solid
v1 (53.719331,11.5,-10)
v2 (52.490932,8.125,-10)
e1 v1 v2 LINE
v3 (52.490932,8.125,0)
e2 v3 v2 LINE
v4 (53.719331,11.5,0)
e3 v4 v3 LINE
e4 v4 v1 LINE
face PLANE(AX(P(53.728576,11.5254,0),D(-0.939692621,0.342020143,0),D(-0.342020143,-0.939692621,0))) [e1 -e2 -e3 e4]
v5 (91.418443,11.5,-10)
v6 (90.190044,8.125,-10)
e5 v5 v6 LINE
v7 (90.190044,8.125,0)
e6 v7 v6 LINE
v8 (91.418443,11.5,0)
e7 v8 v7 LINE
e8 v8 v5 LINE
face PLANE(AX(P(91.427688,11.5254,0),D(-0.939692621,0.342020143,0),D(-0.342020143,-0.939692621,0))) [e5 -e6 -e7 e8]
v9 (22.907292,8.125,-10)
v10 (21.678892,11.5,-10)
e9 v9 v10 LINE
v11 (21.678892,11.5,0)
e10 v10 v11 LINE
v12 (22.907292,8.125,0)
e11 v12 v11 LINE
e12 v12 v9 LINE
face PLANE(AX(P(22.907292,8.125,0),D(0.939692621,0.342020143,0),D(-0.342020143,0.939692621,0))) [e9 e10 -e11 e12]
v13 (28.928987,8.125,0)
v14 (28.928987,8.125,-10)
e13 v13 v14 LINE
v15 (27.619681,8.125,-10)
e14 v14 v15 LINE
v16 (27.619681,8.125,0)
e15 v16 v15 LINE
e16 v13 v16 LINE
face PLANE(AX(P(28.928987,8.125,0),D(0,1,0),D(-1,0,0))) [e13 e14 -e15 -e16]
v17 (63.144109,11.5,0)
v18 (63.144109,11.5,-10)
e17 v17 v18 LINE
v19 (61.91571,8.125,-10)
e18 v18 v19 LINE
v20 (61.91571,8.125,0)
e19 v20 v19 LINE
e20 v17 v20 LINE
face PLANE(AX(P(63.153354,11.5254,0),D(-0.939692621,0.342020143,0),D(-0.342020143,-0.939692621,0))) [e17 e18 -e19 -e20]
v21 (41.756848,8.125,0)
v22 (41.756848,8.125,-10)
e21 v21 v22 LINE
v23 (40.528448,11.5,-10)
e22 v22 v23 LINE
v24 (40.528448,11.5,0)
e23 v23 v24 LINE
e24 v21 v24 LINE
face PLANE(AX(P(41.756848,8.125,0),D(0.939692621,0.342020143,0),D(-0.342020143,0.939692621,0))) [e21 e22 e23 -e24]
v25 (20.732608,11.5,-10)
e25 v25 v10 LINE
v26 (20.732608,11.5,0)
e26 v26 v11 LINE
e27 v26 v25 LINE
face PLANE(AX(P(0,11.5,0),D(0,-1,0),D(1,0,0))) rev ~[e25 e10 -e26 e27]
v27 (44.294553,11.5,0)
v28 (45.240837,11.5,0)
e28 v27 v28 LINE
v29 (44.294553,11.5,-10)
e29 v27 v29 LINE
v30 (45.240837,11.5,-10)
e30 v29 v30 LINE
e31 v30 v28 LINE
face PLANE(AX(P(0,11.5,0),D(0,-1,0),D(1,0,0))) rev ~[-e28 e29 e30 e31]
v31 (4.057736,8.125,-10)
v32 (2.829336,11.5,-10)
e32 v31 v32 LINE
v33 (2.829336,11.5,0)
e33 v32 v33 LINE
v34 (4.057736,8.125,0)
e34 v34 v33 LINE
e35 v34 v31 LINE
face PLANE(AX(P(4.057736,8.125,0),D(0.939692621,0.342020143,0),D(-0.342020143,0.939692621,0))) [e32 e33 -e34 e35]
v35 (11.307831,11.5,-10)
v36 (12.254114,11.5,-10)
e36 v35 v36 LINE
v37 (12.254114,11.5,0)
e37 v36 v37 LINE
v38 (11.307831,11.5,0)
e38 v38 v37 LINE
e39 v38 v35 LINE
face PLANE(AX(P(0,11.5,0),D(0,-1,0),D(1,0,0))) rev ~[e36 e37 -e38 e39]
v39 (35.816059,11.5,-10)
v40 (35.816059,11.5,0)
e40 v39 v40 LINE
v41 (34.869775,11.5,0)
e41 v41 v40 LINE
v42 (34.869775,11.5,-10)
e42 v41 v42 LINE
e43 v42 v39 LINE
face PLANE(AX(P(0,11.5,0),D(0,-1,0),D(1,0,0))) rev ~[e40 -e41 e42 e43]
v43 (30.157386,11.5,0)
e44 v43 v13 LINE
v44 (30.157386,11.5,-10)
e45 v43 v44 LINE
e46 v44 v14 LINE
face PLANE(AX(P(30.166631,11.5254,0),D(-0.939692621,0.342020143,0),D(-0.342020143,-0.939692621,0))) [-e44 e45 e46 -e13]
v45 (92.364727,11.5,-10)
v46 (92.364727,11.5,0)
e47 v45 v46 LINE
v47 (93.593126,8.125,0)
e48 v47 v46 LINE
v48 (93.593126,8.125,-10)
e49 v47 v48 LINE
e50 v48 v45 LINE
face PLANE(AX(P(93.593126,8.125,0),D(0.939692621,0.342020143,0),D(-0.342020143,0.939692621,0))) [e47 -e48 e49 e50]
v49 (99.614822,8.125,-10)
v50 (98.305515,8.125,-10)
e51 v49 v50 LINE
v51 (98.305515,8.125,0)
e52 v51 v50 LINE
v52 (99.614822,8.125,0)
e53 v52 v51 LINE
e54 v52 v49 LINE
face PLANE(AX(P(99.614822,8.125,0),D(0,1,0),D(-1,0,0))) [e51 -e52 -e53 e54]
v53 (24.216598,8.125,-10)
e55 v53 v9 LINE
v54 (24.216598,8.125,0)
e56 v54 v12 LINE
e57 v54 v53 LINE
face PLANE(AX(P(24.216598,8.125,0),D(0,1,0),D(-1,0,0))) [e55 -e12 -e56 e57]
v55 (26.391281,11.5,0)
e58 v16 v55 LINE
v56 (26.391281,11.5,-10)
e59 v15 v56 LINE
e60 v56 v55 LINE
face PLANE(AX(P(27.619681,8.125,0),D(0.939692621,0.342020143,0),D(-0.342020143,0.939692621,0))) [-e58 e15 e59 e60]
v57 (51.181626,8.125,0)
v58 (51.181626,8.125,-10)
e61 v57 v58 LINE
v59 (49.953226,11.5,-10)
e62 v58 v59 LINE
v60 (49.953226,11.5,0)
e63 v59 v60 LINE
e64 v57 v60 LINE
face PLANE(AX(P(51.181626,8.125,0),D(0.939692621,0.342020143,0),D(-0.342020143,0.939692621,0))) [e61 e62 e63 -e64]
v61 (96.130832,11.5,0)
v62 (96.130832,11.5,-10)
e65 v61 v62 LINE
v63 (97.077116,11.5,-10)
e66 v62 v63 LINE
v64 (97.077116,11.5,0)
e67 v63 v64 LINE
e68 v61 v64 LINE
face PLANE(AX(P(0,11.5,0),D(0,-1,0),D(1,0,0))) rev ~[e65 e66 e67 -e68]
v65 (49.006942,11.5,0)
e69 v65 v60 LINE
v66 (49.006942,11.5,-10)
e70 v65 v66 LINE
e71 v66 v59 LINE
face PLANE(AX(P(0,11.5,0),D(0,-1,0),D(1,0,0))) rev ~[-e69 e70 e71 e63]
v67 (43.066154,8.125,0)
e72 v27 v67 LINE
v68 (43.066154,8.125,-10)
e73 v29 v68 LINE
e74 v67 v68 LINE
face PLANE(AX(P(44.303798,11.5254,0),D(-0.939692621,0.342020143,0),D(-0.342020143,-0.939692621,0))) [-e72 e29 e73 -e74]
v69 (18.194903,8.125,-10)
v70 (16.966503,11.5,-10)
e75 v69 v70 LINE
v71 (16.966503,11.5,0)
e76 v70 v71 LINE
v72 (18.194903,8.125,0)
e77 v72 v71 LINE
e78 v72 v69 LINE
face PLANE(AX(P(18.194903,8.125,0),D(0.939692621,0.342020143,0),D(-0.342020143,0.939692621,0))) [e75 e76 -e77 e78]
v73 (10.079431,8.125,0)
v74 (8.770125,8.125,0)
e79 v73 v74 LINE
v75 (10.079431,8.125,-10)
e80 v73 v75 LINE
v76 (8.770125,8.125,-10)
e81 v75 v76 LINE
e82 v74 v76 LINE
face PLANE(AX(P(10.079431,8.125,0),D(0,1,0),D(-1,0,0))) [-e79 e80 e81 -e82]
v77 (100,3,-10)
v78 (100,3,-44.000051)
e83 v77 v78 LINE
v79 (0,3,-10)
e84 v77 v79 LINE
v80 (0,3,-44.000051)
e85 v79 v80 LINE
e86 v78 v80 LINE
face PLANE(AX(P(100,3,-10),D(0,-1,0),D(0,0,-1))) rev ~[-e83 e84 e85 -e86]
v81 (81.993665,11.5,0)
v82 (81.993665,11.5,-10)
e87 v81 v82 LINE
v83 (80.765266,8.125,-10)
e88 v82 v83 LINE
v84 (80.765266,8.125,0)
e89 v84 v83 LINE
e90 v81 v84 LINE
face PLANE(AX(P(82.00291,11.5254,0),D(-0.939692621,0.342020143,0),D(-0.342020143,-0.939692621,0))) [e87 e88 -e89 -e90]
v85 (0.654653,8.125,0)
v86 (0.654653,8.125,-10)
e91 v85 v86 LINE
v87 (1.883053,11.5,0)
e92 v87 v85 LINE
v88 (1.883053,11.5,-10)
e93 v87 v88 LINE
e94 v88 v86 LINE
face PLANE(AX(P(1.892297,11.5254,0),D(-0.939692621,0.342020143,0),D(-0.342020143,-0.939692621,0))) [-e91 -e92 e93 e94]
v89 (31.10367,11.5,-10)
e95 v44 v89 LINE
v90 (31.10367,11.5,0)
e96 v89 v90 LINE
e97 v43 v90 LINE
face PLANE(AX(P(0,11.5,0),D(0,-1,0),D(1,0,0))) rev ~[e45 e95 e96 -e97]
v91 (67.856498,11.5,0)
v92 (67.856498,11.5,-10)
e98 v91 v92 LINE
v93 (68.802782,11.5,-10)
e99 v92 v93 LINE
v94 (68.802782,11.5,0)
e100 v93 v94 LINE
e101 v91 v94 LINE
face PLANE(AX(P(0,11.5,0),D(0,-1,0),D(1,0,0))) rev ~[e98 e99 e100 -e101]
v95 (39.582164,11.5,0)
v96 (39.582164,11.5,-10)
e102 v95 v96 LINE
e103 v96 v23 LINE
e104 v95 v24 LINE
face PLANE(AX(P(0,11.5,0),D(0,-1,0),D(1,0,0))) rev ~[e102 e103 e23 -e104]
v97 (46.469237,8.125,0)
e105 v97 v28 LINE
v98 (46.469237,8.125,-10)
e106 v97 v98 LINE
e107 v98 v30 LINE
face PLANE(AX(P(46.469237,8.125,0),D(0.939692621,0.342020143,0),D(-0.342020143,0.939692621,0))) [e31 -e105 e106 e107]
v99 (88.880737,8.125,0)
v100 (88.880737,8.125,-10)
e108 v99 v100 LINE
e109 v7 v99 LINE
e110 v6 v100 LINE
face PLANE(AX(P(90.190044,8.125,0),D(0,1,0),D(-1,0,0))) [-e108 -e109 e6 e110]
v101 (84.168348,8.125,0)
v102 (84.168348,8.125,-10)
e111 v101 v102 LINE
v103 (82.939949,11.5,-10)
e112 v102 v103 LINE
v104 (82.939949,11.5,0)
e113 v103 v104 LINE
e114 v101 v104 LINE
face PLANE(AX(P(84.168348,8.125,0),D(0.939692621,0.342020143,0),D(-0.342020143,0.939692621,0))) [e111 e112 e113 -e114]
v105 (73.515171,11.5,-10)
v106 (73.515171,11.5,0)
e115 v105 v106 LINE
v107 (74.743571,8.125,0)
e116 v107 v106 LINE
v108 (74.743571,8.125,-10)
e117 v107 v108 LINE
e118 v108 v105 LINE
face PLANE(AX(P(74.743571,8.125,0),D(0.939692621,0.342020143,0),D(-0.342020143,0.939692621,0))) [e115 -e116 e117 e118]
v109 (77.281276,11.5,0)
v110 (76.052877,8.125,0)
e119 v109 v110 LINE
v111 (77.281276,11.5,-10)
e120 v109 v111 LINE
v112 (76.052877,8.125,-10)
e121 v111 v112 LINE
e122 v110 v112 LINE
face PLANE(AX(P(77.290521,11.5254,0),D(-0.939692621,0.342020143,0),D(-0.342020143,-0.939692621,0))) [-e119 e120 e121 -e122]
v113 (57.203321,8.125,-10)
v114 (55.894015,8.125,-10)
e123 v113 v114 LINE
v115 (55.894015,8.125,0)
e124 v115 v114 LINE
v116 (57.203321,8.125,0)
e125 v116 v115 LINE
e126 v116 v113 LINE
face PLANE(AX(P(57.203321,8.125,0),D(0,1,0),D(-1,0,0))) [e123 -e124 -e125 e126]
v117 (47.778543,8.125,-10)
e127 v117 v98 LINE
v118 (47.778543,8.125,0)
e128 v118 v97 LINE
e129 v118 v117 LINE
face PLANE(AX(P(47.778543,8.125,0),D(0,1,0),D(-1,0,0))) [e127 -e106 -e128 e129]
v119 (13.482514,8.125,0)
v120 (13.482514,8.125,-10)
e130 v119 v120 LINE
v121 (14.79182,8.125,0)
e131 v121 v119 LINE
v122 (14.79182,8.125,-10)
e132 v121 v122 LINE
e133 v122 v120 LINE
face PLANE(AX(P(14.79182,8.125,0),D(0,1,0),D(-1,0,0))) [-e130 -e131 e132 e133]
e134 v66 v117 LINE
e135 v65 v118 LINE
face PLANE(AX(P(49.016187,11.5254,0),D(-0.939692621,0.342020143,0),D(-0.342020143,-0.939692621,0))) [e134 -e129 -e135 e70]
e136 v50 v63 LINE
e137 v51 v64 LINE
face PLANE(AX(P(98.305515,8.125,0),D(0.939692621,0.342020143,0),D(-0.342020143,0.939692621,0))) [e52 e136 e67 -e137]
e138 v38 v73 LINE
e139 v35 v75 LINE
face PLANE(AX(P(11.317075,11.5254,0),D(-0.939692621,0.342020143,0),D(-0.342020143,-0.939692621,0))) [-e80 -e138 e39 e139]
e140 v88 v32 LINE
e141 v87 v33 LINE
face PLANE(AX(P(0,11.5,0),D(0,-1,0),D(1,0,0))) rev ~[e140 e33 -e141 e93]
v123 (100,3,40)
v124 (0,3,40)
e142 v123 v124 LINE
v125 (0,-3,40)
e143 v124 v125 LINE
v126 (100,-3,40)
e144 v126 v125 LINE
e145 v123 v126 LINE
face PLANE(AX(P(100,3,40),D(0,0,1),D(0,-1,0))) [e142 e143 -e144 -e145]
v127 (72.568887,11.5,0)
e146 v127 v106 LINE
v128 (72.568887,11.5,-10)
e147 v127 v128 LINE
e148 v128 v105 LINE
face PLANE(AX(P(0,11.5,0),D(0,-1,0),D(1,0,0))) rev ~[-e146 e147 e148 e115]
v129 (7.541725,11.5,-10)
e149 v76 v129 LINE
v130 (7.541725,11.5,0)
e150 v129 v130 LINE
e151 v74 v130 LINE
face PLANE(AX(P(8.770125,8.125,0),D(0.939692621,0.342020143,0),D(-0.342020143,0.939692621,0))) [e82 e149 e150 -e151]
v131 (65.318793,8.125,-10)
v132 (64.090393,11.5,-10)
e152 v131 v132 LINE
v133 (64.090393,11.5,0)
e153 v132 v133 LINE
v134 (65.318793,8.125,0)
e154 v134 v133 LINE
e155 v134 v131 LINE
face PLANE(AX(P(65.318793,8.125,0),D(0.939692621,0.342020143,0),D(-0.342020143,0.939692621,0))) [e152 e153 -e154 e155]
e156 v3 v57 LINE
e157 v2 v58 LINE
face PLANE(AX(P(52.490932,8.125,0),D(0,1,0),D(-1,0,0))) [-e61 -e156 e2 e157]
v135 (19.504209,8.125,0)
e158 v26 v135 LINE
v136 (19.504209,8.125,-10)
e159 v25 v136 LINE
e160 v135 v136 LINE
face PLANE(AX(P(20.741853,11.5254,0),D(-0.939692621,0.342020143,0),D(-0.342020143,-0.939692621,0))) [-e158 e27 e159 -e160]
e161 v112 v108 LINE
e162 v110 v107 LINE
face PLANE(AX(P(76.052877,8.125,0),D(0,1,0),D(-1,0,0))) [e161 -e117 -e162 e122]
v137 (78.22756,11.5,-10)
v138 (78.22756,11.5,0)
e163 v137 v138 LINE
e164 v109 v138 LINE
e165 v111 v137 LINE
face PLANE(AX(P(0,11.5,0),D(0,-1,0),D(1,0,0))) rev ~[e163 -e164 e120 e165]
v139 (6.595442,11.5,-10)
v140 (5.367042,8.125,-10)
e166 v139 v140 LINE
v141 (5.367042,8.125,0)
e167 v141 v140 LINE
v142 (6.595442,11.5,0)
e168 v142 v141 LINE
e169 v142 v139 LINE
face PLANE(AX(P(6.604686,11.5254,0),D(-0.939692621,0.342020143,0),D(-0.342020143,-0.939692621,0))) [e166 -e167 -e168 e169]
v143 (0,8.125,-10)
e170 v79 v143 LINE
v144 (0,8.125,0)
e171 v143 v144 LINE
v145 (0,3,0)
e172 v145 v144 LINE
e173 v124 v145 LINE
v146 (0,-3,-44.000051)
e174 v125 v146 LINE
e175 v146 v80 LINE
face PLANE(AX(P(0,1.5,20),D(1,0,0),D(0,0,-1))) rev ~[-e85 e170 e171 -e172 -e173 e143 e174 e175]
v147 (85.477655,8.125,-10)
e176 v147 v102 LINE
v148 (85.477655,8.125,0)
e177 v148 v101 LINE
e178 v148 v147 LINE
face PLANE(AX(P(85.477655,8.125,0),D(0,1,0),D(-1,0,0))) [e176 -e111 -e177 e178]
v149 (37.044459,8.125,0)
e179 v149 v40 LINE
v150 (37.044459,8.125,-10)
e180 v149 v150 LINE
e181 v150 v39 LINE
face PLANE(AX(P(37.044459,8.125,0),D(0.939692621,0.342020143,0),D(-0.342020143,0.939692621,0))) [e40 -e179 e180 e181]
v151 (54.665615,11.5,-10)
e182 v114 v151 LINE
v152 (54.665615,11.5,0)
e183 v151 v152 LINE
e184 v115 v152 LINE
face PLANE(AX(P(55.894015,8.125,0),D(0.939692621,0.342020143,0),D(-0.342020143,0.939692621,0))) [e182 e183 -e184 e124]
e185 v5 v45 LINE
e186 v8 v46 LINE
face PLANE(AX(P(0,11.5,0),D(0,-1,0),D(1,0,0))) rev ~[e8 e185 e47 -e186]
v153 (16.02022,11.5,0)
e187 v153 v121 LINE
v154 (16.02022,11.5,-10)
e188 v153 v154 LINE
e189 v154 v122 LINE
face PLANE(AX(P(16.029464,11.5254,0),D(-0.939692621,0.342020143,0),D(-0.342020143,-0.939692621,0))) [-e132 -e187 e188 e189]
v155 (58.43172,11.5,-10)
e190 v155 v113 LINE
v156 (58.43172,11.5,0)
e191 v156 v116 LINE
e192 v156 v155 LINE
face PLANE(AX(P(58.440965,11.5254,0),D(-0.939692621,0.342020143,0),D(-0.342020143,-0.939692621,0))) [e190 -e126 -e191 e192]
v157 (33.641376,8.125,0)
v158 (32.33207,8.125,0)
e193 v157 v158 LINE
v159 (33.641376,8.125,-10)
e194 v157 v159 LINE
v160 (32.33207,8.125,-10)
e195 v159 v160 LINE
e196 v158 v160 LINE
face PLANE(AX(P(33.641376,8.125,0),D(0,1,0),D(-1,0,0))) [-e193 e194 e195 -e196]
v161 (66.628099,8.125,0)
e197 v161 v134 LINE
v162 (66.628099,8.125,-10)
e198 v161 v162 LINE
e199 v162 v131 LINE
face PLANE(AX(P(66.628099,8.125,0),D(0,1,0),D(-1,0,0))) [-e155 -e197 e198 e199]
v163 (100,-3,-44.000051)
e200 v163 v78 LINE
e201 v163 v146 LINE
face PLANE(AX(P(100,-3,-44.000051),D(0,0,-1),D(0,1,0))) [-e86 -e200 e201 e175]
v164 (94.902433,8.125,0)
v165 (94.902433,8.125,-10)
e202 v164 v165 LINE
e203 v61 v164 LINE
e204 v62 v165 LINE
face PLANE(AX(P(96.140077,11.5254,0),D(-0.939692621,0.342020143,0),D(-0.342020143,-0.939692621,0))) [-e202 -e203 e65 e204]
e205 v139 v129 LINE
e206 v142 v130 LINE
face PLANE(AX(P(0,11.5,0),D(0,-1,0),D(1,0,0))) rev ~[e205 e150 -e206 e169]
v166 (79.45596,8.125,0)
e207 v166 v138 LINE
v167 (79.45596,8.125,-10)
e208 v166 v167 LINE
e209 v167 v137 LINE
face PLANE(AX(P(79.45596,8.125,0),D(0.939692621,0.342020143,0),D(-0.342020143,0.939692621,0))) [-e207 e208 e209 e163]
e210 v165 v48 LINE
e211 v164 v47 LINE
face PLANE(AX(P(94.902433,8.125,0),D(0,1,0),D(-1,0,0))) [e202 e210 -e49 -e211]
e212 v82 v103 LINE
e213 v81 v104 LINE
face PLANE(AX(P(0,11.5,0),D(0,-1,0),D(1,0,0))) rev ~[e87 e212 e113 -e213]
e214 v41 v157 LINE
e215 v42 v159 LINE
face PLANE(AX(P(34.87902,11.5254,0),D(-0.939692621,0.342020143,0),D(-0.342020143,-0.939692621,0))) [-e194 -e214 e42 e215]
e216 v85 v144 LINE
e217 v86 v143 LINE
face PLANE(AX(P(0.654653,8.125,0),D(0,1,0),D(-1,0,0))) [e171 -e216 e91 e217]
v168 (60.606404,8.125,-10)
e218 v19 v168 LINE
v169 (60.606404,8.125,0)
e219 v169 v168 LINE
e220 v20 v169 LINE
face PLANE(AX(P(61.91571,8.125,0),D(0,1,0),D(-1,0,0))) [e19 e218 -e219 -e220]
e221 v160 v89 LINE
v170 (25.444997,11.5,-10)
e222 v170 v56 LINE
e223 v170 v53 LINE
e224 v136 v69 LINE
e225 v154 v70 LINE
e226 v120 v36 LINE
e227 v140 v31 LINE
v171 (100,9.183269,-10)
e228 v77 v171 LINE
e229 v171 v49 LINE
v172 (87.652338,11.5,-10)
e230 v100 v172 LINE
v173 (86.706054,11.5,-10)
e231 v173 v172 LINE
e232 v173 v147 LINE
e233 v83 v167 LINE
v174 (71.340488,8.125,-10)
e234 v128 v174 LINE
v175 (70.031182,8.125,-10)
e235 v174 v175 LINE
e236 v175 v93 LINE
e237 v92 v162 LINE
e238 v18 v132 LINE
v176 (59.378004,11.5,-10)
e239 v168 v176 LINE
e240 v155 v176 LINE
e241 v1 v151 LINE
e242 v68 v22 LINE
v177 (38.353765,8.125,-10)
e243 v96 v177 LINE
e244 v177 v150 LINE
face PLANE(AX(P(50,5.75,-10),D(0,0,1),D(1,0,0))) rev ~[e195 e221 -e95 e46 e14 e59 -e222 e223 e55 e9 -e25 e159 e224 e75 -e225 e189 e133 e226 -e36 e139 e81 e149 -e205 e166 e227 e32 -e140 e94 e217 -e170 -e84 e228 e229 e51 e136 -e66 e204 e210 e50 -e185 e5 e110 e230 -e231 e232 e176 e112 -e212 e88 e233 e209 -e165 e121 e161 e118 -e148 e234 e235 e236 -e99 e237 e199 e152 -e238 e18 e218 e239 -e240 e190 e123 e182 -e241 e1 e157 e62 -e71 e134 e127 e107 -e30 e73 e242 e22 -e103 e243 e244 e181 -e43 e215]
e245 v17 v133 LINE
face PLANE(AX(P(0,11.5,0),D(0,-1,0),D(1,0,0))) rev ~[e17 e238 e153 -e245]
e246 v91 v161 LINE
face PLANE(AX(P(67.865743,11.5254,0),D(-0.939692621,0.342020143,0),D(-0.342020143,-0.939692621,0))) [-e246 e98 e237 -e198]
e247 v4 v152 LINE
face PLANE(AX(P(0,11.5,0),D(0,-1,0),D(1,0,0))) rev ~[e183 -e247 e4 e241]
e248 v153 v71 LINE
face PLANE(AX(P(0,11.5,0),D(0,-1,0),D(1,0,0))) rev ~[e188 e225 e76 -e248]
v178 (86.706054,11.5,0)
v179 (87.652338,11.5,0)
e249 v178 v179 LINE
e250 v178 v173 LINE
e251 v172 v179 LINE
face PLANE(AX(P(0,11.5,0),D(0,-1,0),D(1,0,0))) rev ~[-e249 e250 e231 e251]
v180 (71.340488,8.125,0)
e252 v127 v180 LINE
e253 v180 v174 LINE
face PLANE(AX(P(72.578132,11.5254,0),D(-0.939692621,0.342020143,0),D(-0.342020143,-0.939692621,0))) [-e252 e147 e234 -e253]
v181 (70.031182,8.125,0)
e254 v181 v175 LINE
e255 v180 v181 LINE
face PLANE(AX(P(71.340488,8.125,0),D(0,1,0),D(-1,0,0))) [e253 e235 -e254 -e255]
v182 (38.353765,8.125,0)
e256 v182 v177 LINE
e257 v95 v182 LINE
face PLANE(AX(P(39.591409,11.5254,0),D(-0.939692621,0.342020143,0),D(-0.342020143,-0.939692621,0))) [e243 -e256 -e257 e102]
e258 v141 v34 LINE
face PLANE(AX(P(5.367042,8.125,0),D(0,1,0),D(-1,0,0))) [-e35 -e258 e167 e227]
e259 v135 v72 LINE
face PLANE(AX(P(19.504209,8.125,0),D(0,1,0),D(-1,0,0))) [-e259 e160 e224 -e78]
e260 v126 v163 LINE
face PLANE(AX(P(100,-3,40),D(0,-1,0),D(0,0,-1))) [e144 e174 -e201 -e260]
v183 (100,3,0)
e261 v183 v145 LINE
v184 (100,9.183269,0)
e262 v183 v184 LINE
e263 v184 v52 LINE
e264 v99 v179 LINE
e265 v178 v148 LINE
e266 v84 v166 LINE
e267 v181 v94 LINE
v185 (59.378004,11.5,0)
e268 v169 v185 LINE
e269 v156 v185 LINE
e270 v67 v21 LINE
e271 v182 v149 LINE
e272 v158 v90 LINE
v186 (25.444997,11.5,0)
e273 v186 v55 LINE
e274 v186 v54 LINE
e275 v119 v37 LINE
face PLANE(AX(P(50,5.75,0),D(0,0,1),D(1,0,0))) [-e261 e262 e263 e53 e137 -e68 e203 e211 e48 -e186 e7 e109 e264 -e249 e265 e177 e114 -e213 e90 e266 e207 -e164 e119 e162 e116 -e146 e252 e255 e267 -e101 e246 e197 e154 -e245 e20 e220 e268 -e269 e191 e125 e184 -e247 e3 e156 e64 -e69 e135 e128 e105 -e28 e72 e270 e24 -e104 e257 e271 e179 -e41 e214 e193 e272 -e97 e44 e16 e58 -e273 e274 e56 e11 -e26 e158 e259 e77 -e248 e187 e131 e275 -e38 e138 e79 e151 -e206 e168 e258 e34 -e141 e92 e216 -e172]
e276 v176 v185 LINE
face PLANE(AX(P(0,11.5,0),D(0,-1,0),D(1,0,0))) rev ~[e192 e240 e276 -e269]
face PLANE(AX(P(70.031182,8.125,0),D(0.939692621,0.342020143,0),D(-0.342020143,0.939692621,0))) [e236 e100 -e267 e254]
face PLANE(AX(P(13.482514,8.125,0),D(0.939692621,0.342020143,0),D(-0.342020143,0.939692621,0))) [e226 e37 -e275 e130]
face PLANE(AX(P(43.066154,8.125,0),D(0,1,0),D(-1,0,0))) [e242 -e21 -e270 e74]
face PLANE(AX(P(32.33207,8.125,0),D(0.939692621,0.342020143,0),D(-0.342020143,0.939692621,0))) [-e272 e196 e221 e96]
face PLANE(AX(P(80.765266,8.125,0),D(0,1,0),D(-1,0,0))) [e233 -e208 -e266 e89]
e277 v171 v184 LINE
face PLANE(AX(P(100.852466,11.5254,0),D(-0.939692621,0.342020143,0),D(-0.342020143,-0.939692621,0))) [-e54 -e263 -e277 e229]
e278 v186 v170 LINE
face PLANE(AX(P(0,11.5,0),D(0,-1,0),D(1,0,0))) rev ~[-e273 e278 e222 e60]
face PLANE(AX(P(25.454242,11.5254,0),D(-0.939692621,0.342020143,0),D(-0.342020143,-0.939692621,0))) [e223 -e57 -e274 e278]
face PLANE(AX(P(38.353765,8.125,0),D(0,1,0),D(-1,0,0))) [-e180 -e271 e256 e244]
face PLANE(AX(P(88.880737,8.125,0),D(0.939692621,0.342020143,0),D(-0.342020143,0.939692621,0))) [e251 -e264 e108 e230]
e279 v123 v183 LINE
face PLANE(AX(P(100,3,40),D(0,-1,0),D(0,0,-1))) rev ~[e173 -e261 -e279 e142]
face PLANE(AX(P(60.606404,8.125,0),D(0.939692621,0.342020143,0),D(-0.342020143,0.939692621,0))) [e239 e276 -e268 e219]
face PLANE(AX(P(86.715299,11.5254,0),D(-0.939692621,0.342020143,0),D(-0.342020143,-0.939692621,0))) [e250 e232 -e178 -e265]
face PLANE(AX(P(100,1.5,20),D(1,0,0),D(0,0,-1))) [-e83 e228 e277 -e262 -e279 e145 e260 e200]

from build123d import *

# Parameters (mm, degrees)
BLANKSKE_W          = 100
BLANKSKE_H          = 11.5
BLANK_DEPTH         = 10
TOOTHCUTSIM_DEPTH   = 102.154584671
TEETHCUTS_COUNT     = 22
TEETHCUTS_PITCH     = 4.712388975
SKETCH2_W           = 40
SKETCH2_H           = 3
SKETCH2_W_2         = 34.0000508
BOSS_EXTRUDE1_DEPTH = 100


with BuildPart() as part:
    # BlankSke → Blank (new body)
    with BuildSketch(Plane.XY):
        with Locations((50, 5.75)):
            Rectangle(BLANKSKE_W, BLANKSKE_H)
    extrude(amount=-BLANK_DEPTH)

    # TooCutSkeSim → ToothCutSim (cut, through all)
    with BuildSketch(Plane.XY):
        Polygon((0.654653055, 8.125), (-0.654653055, 8.125), (-1.892297439, 11.5254), (1.892297439, 11.5254), align=None)
    toothcutsim = extrude(amount=-TOOTHCUTSIM_DEPTH, mode=Mode.SUBTRACT)

    # TeethCuts: ToothCutSim ×22
    with Locations(*[(i * TEETHCUTS_PITCH, 0, 0) for i in range(1, TEETHCUTS_COUNT)]):
        add(toothcutsim, mode=Mode.SUBTRACT)

    # Sketch2 → Boss-Extrude1 (add)
    with BuildSketch(Plane(origin=(100, 0, 0), x_dir=(0, 0, -1), z_dir=(1, 0, 0))):
        with Locations((-20, 1.5)):
            Rectangle(SKETCH2_W, SKETCH2_H)
        with Locations((27.0000254, 1.5)):
            Rectangle(SKETCH2_W_2, SKETCH2_H)
        Polygon((44.0000508, -3), (44.0000508, 0), (10, 0), (0, 0), (-40, 0), (-40, -3), align=None)
    extrude(amount=-BOSS_EXTRUDE1_DEPTH)


solid = part.part
